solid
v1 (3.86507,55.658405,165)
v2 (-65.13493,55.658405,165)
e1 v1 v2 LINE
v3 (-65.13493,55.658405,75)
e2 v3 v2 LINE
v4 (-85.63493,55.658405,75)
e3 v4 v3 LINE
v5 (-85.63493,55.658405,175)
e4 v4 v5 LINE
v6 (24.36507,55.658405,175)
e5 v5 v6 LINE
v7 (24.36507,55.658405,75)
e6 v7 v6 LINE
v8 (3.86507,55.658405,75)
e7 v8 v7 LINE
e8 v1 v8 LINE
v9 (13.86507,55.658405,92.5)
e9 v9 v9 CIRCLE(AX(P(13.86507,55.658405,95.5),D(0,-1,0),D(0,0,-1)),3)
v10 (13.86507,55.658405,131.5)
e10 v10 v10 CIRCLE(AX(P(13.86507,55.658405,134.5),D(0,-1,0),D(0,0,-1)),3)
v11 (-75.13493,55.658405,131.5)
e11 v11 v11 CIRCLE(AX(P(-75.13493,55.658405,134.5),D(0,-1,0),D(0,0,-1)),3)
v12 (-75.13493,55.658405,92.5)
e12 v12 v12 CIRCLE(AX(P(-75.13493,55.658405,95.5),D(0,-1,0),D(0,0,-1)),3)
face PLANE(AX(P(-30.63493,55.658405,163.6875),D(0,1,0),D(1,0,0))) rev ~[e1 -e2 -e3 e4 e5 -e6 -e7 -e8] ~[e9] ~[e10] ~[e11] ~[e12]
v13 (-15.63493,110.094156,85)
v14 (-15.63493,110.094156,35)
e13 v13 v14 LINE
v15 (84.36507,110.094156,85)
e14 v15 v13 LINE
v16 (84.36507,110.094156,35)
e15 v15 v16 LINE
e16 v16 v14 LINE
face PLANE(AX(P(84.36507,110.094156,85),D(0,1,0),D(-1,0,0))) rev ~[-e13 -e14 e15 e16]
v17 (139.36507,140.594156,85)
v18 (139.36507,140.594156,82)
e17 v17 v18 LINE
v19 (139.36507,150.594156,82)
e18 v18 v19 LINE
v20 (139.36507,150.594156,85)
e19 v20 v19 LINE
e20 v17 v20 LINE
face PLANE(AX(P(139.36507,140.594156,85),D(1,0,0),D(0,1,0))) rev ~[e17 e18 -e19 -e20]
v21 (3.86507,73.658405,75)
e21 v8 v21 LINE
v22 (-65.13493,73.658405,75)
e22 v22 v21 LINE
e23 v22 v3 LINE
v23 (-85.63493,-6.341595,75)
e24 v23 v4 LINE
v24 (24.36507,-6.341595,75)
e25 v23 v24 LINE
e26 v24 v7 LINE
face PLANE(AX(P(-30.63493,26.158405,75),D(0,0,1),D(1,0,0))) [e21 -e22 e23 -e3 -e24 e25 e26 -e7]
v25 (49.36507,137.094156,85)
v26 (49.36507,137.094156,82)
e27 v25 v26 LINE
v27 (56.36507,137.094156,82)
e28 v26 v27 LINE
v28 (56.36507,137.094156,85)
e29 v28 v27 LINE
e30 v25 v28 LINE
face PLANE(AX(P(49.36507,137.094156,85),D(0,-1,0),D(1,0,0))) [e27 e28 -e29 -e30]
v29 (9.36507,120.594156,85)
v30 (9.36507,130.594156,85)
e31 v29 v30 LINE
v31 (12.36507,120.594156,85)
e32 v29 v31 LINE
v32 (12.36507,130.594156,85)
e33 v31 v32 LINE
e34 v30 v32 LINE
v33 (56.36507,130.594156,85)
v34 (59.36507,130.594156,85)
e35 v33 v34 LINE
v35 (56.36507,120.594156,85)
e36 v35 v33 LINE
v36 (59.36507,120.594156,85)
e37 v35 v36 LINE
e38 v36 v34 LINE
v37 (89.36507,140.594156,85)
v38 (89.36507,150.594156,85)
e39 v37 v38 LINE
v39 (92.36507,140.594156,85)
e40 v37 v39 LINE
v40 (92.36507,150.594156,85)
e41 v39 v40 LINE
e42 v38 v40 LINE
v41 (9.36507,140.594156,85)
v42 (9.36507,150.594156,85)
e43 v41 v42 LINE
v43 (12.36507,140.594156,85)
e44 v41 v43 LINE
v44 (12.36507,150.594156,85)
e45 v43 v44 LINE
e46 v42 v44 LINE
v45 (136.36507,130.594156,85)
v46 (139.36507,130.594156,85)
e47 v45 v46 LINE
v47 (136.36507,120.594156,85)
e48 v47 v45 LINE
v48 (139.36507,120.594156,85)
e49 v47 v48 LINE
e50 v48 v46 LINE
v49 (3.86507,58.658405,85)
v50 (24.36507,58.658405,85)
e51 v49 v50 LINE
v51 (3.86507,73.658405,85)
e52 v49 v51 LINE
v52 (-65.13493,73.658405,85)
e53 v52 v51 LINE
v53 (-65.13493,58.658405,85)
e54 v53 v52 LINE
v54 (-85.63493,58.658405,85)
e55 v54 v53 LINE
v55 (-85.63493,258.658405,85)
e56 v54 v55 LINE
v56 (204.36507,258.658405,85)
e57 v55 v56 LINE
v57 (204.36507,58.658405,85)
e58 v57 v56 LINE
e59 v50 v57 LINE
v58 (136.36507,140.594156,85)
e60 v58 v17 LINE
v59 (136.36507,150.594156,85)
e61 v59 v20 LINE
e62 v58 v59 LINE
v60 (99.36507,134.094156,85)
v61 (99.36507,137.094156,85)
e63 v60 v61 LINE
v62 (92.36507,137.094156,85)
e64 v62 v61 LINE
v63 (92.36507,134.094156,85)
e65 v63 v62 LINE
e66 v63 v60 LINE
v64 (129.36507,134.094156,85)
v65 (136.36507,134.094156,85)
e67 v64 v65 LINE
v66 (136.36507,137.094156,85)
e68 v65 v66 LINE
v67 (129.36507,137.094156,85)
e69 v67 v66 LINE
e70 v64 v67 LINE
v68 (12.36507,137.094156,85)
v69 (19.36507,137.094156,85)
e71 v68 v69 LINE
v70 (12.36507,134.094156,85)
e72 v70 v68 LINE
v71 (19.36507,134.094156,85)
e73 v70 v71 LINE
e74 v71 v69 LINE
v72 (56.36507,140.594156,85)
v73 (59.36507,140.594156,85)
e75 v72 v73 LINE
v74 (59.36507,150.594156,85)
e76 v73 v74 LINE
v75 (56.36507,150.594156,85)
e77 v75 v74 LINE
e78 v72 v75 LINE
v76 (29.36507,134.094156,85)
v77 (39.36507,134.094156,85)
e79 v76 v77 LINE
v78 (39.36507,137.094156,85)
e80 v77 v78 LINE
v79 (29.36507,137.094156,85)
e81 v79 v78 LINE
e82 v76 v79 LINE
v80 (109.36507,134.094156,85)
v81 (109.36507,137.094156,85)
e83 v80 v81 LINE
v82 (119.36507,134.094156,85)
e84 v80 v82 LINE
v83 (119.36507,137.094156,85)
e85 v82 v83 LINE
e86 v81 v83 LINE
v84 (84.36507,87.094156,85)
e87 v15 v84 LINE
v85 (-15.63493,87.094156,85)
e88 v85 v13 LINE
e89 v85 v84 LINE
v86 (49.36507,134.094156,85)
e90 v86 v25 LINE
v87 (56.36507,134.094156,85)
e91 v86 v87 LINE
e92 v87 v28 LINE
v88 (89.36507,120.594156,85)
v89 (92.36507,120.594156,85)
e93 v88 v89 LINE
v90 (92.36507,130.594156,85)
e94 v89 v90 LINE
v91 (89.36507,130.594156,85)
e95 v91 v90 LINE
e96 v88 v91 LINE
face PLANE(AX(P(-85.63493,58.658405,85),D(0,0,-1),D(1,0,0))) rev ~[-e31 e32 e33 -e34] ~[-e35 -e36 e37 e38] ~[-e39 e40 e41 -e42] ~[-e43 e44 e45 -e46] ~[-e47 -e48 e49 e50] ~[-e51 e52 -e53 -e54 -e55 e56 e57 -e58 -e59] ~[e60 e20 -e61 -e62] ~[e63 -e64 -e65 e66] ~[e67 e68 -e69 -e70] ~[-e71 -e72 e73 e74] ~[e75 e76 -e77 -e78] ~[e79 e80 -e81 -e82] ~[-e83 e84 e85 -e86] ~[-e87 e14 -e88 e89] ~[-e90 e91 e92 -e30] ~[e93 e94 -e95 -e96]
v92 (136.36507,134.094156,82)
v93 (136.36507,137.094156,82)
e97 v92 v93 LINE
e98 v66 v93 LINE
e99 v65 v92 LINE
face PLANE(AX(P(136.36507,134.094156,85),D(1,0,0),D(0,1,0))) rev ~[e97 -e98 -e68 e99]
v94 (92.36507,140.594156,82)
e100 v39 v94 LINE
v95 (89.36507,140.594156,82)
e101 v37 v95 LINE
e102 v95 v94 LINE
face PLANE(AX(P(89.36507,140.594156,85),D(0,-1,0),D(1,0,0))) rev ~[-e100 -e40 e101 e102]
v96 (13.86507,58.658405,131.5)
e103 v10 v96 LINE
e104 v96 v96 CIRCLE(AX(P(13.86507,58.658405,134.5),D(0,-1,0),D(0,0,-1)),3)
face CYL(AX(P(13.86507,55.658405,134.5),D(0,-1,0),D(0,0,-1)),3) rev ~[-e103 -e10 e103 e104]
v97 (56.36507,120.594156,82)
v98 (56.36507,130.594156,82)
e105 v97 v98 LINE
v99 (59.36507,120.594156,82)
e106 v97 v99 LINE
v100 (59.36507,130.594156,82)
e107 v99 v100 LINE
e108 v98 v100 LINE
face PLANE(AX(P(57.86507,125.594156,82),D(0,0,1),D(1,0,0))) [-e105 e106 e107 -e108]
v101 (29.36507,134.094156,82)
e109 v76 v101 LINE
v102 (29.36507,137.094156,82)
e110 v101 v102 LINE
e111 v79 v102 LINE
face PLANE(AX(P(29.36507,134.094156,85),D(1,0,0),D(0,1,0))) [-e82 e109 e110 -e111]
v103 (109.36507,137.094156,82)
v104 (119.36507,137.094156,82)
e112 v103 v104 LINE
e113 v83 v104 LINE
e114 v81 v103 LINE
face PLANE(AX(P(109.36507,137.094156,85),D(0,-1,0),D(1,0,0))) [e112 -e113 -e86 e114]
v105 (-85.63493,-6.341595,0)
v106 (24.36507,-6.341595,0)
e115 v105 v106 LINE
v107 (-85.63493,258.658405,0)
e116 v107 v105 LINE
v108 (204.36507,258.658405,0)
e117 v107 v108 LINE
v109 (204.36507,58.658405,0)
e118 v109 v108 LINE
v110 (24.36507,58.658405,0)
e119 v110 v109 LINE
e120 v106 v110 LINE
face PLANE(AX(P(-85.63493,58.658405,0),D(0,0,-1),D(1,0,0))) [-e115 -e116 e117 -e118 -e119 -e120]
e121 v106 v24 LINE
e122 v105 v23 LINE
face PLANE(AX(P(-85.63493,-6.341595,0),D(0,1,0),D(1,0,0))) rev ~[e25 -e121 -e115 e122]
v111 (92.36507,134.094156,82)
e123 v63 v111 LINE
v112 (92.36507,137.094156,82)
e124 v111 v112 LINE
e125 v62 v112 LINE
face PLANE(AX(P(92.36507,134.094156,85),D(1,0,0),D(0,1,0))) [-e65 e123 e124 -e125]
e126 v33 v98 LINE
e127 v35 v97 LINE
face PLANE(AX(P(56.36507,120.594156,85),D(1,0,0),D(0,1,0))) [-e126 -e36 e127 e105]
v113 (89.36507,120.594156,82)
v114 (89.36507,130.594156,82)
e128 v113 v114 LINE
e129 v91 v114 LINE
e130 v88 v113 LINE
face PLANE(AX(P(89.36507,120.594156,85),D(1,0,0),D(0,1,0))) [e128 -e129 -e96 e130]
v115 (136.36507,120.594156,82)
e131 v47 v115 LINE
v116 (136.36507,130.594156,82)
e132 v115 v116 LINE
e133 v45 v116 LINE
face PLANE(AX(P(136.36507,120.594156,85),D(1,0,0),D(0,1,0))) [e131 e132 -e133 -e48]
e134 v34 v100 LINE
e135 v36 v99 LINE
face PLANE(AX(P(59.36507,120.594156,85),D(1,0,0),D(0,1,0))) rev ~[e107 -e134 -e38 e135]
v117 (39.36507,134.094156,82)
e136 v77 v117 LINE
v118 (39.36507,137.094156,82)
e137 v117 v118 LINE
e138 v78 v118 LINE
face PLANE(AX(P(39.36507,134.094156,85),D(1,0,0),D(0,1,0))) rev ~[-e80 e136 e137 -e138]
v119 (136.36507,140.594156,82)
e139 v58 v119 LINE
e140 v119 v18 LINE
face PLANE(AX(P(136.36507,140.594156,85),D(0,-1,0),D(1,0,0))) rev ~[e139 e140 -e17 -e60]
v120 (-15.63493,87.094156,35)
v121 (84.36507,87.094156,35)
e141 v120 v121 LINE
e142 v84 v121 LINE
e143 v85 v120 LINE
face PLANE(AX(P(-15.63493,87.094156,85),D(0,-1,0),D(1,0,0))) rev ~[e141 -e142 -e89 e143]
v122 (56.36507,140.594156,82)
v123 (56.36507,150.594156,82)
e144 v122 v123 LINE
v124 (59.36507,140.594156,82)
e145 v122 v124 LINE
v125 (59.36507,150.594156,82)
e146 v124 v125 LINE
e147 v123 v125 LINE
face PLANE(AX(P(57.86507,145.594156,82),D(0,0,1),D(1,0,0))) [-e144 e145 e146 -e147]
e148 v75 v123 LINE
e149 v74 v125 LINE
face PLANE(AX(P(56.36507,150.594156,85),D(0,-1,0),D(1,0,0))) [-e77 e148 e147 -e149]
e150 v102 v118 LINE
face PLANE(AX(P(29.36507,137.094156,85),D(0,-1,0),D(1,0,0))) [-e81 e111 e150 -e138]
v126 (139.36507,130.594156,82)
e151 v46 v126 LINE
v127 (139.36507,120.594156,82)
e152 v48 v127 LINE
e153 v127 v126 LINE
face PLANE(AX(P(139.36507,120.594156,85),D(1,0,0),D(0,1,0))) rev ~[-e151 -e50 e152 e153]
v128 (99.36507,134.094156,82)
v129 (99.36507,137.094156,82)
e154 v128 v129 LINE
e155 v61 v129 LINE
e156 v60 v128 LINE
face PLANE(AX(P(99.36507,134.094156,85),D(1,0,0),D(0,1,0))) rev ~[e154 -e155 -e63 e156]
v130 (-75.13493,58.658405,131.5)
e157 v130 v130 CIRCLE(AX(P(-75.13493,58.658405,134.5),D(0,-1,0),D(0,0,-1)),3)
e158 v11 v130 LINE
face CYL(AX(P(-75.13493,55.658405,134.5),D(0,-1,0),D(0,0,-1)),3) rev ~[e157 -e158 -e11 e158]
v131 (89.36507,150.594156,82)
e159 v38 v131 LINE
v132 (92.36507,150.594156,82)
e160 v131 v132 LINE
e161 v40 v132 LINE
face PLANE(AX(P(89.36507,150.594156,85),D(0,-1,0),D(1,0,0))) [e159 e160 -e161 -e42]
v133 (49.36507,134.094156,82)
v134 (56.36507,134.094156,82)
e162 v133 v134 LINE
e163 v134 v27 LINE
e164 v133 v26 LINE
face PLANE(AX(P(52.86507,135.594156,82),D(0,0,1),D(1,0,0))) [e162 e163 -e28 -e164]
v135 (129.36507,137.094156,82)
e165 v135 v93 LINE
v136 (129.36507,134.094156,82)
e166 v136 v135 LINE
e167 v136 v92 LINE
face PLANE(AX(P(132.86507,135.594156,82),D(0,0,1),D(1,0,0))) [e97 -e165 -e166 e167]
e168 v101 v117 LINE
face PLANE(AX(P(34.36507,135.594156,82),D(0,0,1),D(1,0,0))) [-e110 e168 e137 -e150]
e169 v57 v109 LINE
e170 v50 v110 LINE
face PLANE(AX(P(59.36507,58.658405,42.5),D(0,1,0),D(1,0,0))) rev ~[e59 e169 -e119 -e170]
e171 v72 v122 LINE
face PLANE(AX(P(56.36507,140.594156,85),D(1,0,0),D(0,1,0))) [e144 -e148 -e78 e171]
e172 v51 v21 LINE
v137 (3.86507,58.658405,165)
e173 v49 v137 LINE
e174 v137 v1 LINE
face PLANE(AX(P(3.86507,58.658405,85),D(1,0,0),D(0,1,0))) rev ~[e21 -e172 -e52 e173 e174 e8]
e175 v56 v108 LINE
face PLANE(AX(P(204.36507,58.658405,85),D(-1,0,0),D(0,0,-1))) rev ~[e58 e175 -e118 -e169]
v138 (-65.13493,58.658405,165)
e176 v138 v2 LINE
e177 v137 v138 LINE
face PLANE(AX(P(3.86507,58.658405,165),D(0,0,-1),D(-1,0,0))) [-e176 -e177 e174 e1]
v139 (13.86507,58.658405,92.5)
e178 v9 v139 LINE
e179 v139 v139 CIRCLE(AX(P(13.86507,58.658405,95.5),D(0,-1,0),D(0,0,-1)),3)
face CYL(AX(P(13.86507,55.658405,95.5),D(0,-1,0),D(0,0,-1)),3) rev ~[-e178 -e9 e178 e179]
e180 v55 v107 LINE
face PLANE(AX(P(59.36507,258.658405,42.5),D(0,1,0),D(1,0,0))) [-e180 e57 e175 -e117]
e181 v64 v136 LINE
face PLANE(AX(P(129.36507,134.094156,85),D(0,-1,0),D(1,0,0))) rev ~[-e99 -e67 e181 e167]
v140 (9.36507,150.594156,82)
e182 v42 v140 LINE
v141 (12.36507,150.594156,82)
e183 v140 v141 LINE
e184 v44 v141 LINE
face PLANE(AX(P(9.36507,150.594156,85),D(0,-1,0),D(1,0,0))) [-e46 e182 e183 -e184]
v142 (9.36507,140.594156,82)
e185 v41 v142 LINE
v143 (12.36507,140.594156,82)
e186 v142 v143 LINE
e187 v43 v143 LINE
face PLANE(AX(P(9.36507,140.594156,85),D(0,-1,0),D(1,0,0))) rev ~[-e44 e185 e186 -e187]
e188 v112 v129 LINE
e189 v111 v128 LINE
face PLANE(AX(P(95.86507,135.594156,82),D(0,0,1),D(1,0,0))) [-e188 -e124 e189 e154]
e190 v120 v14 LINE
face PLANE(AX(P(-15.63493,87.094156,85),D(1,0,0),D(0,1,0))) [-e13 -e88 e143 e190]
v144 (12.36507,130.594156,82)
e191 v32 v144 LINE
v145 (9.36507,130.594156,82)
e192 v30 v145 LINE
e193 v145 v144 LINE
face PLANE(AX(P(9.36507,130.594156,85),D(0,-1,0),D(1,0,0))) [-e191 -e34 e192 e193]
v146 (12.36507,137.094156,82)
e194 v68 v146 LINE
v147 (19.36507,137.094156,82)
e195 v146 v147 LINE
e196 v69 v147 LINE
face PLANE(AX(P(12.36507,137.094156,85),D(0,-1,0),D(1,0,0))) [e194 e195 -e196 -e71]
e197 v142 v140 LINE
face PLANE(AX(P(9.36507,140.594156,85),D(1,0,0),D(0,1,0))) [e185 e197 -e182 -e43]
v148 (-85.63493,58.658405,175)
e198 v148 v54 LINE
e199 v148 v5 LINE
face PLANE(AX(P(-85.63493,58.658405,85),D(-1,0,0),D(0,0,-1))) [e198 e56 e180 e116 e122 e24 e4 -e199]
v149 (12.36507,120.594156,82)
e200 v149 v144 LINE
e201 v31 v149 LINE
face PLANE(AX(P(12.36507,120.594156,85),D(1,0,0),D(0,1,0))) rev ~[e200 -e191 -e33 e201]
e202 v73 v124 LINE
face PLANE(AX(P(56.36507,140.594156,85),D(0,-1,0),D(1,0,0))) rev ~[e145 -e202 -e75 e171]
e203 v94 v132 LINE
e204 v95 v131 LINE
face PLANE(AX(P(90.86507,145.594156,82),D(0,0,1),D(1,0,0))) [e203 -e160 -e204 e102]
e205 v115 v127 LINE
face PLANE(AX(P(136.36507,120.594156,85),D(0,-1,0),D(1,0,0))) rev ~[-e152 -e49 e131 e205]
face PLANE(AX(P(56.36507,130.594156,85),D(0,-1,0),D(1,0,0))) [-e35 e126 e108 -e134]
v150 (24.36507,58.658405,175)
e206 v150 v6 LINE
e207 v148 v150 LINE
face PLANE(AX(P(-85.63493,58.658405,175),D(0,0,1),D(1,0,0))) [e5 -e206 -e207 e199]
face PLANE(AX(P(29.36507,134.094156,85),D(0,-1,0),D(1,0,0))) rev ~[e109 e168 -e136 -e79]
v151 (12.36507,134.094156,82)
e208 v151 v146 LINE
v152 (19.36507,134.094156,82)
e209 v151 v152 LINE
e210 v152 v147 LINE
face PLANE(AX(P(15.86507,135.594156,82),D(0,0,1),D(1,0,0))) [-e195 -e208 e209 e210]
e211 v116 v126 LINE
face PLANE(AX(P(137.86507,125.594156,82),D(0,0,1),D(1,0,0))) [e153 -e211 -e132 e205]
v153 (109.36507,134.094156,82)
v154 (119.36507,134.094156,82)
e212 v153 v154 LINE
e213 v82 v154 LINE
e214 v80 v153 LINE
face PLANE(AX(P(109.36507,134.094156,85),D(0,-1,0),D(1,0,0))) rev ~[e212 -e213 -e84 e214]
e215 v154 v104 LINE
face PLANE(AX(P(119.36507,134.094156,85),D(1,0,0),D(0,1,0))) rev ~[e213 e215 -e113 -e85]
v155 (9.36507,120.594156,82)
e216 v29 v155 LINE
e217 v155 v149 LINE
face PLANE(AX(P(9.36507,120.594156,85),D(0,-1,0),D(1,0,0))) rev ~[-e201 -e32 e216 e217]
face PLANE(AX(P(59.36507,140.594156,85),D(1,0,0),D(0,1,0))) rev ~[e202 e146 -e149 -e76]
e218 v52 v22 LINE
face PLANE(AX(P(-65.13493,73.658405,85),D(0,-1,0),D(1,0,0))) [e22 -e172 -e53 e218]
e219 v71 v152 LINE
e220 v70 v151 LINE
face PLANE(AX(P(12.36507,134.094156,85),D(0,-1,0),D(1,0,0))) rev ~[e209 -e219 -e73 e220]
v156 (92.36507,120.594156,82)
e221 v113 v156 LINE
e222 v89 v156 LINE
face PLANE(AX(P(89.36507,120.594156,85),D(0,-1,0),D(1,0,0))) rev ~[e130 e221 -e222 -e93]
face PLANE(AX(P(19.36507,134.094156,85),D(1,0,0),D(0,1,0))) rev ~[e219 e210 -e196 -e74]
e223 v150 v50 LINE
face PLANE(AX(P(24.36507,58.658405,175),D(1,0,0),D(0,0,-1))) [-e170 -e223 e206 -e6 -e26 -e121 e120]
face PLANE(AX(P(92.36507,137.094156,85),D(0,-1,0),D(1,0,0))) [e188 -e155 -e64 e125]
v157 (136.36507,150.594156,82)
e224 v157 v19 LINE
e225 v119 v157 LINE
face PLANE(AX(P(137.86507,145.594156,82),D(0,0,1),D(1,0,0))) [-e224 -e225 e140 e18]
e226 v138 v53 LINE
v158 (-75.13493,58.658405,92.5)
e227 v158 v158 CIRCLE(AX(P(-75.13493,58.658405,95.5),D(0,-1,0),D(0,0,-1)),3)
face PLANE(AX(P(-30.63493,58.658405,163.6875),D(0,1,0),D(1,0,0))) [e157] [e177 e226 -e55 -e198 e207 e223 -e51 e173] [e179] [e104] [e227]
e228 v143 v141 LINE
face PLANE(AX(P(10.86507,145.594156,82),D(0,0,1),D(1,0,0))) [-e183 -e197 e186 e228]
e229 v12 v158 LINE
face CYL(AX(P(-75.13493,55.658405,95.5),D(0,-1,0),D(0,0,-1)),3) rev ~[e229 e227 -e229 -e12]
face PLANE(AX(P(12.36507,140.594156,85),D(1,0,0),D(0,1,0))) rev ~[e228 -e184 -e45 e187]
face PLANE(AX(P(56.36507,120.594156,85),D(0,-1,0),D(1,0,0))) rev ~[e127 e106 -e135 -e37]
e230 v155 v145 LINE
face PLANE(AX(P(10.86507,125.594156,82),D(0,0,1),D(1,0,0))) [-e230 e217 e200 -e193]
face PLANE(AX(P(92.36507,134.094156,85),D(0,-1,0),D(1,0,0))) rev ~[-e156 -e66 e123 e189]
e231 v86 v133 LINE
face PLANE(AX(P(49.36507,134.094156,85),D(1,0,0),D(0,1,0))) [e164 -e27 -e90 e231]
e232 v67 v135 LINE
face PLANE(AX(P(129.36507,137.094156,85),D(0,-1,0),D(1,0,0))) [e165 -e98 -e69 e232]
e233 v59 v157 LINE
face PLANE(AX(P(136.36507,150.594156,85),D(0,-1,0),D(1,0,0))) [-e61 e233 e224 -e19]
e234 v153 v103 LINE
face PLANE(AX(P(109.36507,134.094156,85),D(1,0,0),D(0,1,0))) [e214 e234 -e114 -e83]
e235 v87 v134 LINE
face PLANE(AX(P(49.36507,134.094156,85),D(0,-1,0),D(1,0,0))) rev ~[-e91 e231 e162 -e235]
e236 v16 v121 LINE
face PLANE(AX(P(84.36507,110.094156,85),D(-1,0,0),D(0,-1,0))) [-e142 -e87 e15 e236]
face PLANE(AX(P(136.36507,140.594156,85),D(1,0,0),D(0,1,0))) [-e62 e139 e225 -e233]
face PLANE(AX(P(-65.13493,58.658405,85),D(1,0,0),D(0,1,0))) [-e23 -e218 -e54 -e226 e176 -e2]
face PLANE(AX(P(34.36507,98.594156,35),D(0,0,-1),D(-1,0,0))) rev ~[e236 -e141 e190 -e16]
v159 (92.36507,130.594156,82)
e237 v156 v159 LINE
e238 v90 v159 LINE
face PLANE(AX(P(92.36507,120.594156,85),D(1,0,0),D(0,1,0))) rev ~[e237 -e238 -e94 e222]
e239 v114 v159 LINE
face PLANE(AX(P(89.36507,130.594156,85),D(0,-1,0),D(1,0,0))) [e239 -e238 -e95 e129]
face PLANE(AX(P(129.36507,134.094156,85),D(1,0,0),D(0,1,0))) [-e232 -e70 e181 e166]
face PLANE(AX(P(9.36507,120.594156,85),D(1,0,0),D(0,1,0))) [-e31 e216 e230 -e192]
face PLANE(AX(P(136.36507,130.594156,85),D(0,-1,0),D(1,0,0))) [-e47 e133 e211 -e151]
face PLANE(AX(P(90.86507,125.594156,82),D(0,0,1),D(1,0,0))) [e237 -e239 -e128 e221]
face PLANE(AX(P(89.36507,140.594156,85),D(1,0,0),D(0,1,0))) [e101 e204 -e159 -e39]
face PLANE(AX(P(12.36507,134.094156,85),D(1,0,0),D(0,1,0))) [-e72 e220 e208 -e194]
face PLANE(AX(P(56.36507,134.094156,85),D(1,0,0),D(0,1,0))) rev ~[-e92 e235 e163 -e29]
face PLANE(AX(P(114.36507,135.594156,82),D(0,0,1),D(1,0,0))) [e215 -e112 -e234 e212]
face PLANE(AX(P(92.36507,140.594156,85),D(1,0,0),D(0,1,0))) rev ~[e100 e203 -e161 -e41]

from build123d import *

# Parameters (mm, degrees)
CROQUIS1_W              = 110
CROQUIS1_H              = 65
SALIENTE_EXTRUIR1_DEPTH = 75
CROQUIS3_W              = 110
CROQUIS3_H              = 3
SALIENTE_EXTRUIR2_DEPTH = 70
CROQUIS4_R              = 3
CORTAR_EXTRUIR1_DEPTH   = 70
SALIENTE_EXTRUIR3_DEPTH = 3
CROQUIS7_W              = 290
CROQUIS7_H              = 85
SALIENTE_EXTRUIR4_DEPTH = 200
CROQUIS8_W              = 69
CROQUIS8_H              = 15
CORTAR_EXTRUIR2_DEPTH   = 10
CORTAR_EXTRUIR3_DEPTH   = 50
CROQUIS12_W             = 7
CROQUIS12_H             = 3
CROQUIS12_W_2           = 3
CROQUIS12_H_2           = 10
CROQUIS12_W_3           = 10
CORTAR_EXTRUIR4_DEPTH   = 3


with BuildPart() as part:
    # Croquis1 → Saliente-Extruir1 (new body)
    with BuildSketch(Plane.XY):
        with Locations((-30.634930344, 26.158405172)):
            Rectangle(CROQUIS1_W, CROQUIS1_H)
    extrude(amount=SALIENTE_EXTRUIR1_DEPTH)

    # Croquis3 → Saliente-Extruir2 (add)
    with BuildSketch(Plane.XY.offset(75)):
        with Locations((-30.634930344, 57.158405172)):
            Rectangle(CROQUIS3_W, CROQUIS3_H)
    extrude(amount=SALIENTE_EXTRUIR2_DEPTH)

    # Croquis4 → Cortar-Extruir1 (cut)
    with BuildSketch(Plane.XZ.offset(-55.658405172)):
        with Locations(Location((-75.134930344, 134.5, 0), (0, 0, 270))):
            Circle(CROQUIS4_R)
        with Locations(Location((-75.134930344, 95.5, 0), (0, 0, 270))):
            Circle(CROQUIS4_R)
        with Locations(Location((13.865069656, 134.5, 0), (0, 0, 270))):
            Circle(CROQUIS4_R)
        with Locations(Location((13.865069656, 95.5, 0), (0, 0, 270))):
            Circle(CROQUIS4_R)
        Polygon((-65.134930344, 134.5), (-65.134930344, 75), (3.865069656, 75), (3.865069656, 138), (3.865069656, 145), (-65.134930344, 145), align=None)
    extrude(amount=-CORTAR_EXTRUIR1_DEPTH, mode=Mode.SUBTRACT)

    # Croquis6 → Saliente-Extruir3 (add)
    with BuildSketch(Plane(origin=(0, 58.658405172, 0), x_dir=(1, 0, 0), z_dir=(0, 1, 0))):
        Polygon((-85.634930344, -145), (-85.634930344, -175), (24.365069656, -175), (24.365069656, -145), (3.865069656, -145), (3.865069656, -165), (-65.134930344, -165), (-65.134930344, -145), align=None)
    extrude(amount=-SALIENTE_EXTRUIR3_DEPTH)

    # Croquis7 → Saliente-Extruir4 (add)
    with BuildSketch(Plane(origin=(0, 58.658405172, 0), x_dir=(1, 0, 0), z_dir=(0, 1, 0))):
        with Locations((59.365069656, -42.5)):
            Rectangle(CROQUIS7_W, CROQUIS7_H)
    extrude(amount=SALIENTE_EXTRUIR4_DEPTH)

    # Croquis8 → Cortar-Extruir2 (cut)
    with BuildSketch(Plane.XY.offset(85)):
        with Locations((-30.634930344, 66.158405172)):
            Rectangle(CROQUIS8_W, CROQUIS8_H)
    extrude(amount=-CORTAR_EXTRUIR2_DEPTH, mode=Mode.SUBTRACT)

    # Croquis10 → Cortar-Extruir3 (cut)
    with BuildSketch(Plane.XY.offset(85)):
        Polygon((-0.634930344, 87.0941562), (-15.634930344, 87.0941562), (-15.634930344, 110.0941562), (-0.634930344, 110.0941562), (69.365069656, 110.0941562), (84.365069656, 110.0941562), (84.365069656, 87.0941562), (69.365069656, 87.0941562), align=None)
    extrude(amount=-CORTAR_EXTRUIR3_DEPTH, mode=Mode.SUBTRACT)

    # Croquis12 → Cortar-Extruir4 (cut)
    with BuildSketch(Plane.XY.offset(85)):
        with Locations((15.865069656, 135.5941562)):
            Rectangle(CROQUIS12_W, CROQUIS12_H)
        with Locations((10.865069656, 125.5941562)):
            Rectangle(CROQUIS12_W_2, CROQUIS12_H_2)
        with Locations((57.865069656, 145.5941562)):
            Rectangle(CROQUIS12_W_2, CROQUIS12_H_2)
        with Locations((57.865069656, 125.5941562)):
            Rectangle(CROQUIS12_W_2, CROQUIS12_H_2)
        with Locations((52.865069656, 135.5941562)):
            Rectangle(CROQUIS12_W, CROQUIS12_H)
        with Locations((10.865069656, 145.5941562)):
            Rectangle(CROQUIS12_W_2, CROQUIS12_H_2)
        with Locations((34.365069656, 135.5941562)):
            Rectangle(CROQUIS12_W_3, CROQUIS12_H)
        with Locations((114.365069656, 135.5941562)):
            Rectangle(CROQUIS12_W_3, CROQUIS12_H)
        with Locations((132.865069656, 135.5941562)):
            Rectangle(CROQUIS12_W, CROQUIS12_H)
        with Locations((90.865069656, 145.5941562)):
            Rectangle(CROQUIS12_W_2, CROQUIS12_H_2)
        with Locations((90.865069656, 125.5941562)):
            Rectangle(CROQUIS12_W_2, CROQUIS12_H_2)
        with Locations((95.865069656, 135.5941562)):
            Rectangle(CROQUIS12_W, CROQUIS12_H)
        with Locations((137.865069656, 145.5941562)):
            Rectangle(CROQUIS12_W_2, CROQUIS12_H_2)
        with Locations((137.865069656, 125.5941562)):
            Rectangle(CROQUIS12_W_2, CROQUIS12_H_2)
    extrude(amount=-CORTAR_EXTRUIR4_DEPTH, mode=Mode.SUBTRACT)


solid = part.part
